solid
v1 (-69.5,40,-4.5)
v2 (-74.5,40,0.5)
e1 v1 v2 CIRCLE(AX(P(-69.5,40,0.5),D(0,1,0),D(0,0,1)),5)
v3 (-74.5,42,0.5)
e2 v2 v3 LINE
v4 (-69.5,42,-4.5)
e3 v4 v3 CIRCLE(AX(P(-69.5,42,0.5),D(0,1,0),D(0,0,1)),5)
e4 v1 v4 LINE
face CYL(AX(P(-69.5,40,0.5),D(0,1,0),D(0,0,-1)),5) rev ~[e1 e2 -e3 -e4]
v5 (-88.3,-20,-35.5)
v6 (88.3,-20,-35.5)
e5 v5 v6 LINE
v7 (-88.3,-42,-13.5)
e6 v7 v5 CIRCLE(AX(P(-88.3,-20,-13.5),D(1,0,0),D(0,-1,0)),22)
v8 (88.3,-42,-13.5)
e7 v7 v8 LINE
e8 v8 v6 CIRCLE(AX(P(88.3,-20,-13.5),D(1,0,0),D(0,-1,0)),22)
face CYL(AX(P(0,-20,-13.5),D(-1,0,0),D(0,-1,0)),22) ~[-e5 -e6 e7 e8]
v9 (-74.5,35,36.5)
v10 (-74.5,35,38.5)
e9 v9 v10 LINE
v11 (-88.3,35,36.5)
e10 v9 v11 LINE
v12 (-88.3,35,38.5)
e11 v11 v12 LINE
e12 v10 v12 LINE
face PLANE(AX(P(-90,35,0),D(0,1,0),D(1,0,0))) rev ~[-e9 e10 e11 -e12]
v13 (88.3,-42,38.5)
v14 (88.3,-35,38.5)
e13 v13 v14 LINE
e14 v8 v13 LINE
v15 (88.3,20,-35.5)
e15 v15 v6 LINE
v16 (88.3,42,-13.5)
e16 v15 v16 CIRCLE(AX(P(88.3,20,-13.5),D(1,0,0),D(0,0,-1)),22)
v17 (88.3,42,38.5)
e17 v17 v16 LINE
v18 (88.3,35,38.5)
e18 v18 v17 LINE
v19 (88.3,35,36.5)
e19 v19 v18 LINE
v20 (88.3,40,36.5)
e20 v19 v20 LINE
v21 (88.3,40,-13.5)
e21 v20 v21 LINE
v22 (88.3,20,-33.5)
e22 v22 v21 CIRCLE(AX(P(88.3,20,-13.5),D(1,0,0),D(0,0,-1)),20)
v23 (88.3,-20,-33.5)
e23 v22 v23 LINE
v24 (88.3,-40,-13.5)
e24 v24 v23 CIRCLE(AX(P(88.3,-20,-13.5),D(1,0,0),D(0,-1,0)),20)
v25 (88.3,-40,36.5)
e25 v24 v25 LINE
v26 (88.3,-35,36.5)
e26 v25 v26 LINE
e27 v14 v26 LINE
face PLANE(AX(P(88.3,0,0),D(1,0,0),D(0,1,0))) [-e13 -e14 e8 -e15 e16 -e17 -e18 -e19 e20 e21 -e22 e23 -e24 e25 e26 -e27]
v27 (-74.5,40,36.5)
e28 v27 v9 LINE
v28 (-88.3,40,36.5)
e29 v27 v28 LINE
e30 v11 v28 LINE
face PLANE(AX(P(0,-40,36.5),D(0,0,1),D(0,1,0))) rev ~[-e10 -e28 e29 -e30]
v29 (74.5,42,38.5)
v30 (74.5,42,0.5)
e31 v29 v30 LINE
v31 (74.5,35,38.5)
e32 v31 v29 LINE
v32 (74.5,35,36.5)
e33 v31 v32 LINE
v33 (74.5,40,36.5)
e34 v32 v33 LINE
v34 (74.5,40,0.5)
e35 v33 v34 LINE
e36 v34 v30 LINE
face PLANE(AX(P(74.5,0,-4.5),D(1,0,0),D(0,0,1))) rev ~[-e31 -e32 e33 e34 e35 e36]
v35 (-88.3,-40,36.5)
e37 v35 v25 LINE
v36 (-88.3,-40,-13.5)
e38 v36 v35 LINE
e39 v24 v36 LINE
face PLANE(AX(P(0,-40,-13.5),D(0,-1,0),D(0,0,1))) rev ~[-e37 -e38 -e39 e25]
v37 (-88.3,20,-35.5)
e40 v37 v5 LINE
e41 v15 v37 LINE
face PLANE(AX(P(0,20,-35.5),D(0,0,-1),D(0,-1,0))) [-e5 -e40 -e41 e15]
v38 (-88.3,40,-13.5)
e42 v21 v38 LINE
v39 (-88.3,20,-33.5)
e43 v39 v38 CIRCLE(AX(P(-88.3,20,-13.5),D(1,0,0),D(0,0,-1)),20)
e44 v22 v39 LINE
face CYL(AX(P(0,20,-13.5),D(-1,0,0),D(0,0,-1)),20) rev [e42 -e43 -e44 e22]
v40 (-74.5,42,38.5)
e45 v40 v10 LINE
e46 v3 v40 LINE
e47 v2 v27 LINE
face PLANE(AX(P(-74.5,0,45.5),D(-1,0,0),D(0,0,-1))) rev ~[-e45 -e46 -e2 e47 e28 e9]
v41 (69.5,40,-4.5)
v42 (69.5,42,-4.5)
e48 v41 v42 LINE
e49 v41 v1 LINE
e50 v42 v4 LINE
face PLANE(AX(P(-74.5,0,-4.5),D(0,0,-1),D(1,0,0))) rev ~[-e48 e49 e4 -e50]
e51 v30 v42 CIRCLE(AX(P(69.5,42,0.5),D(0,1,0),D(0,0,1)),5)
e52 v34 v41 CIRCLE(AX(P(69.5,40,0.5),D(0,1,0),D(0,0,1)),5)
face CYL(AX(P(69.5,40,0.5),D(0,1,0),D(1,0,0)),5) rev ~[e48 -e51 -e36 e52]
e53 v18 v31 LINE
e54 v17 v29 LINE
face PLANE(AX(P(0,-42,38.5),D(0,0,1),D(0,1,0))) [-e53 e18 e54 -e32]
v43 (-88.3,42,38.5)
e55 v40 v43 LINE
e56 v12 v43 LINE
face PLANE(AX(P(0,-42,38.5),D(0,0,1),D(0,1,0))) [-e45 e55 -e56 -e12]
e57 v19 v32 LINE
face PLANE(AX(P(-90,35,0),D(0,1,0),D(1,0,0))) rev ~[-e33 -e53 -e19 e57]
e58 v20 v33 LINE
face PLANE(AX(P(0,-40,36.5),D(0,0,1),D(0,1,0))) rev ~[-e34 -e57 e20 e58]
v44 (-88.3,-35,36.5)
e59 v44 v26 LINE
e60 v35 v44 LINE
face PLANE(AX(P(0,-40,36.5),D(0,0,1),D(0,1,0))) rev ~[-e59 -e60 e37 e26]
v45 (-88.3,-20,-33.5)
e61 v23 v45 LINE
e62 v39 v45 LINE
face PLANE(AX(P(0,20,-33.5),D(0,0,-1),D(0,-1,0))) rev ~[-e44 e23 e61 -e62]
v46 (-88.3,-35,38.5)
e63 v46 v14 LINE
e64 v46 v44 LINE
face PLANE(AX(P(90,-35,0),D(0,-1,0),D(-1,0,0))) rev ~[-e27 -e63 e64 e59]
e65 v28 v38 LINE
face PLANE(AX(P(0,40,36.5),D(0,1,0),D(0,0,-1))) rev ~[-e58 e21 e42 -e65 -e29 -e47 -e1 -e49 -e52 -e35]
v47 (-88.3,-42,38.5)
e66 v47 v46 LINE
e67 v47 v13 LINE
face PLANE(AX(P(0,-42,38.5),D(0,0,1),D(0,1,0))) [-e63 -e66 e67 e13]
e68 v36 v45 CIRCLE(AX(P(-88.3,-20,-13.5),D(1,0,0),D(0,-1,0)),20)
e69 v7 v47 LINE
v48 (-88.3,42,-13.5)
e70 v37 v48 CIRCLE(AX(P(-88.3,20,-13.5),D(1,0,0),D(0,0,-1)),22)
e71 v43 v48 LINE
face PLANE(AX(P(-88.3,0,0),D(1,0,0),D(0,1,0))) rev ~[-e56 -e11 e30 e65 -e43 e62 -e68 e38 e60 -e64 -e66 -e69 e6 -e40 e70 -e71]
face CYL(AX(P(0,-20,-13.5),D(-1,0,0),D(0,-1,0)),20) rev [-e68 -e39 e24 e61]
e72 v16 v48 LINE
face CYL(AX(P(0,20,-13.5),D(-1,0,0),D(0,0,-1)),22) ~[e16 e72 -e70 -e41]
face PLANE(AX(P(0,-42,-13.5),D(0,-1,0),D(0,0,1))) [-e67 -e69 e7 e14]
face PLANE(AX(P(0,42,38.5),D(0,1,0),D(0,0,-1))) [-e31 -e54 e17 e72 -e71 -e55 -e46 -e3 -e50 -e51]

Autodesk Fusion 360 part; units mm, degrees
sketch "スケッチ1" plane through (0, 0, 0) normal (1, 0, 0) x (0, 1, 0)
  line L0 (-40, 36.5) -> (40, 36.5)
  line L1 (40, 36.5) -> (40, -13.5)
  line L2 (20, -33.5) -> (-20, -33.5)
  line L3 (-40, -13.5) -> (-40, 36.5)
  arc A0 (20, -33.5) -> (40, -13.5) centre (20, -13.5) ccw
  arc A1 (-40, -13.5) -> (-20, -33.5) centre (-20, -13.5) ccw
  line L4 (-42, 38.5) -> (42, 38.5)
  line L5 (42, 38.5) -> (42, -13.5)
  line L6 (20, -35.5) -> (-20, -35.5)
  line L7 (-42, -13.5) -> (-42, 38.5)
  arc A2 (20, -35.5) -> (42, -13.5) centre (20, -13.5) ccw
  arc A3 (-42, -13.5) -> (-20, -35.5) centre (-20, -13.5) ccw
  point P0 (-40, -33.5)
  dimension "d1" = 80
  dimension "d2" = 70
  dimension "d3" = 33.5
  dimension "d4" = 40
  dimension "d5" = 20
  dimension "d6" = 20
  dimension "d7" = 2
  dimension "d8" = 2
  dimension "d9" = 2
  dimension "d10" = 2
  dimension "d11" = 22
  dimension "d12" = 22
extrude "押し出し1" add sketch "スケッチ1" along normal mid plane 176.6
sketch "スケッチ2" plane through (0, 0, 0) normal (0, 0, 1) x (1, 0, 0)
  line L0 (-90, 35) -> (90, 35)
  line L1 (90, 35) -> (90, -35)
  line L2 (90, -35) -> (-90, -35)
  line L3 (-90, -35) -> (-90, 35)
  dimension "d15" = 180
  dimension "d16" = 90
  dimension "d17" = 70
  dimension "d18" = 35
extrude "押し出し2" cut sketch "スケッチ2" along normal blind 50
sketch "スケッチ3" plane through (0, 0, 0) normal (0, 1, 0) x (1, 0, 0)
  line L0 (74.5, -45.5) -> (-74.5, -45.5)
  line L1 (-74.5, -45.5) -> (-74.5, 4.5)
  line L2 (-74.5, 4.5) -> (74.5, 4.5)
  line L3 (74.5, 4.5) -> (74.5, -45.5)
  dimension "d21" = 149
  dimension "d22" = 74.5
  dimension "d23" = 50
  dimension "d29" = 4.5
extrude "押し出し3" cut sketch "スケッチ3" along normal blind 45
fillet "フィレット1" radius 5 2 edges at (74.5, 41, -4.5) (-74.5, 41, -4.5)
equation "d3 = ( 67 / 2 ) * 1 mm"
equation "d4 = ( 80 / 2 ) * 1 mm"
equation "d13 = ( 176.6 / 2 ) * 1 mm"
equation "d17 = 80 mm - 10 mm"
equation "d18 = ( 70 / 2 ) * 1 mm"
equation "d22 = ( 149 / 2 ) * 1 mm"
